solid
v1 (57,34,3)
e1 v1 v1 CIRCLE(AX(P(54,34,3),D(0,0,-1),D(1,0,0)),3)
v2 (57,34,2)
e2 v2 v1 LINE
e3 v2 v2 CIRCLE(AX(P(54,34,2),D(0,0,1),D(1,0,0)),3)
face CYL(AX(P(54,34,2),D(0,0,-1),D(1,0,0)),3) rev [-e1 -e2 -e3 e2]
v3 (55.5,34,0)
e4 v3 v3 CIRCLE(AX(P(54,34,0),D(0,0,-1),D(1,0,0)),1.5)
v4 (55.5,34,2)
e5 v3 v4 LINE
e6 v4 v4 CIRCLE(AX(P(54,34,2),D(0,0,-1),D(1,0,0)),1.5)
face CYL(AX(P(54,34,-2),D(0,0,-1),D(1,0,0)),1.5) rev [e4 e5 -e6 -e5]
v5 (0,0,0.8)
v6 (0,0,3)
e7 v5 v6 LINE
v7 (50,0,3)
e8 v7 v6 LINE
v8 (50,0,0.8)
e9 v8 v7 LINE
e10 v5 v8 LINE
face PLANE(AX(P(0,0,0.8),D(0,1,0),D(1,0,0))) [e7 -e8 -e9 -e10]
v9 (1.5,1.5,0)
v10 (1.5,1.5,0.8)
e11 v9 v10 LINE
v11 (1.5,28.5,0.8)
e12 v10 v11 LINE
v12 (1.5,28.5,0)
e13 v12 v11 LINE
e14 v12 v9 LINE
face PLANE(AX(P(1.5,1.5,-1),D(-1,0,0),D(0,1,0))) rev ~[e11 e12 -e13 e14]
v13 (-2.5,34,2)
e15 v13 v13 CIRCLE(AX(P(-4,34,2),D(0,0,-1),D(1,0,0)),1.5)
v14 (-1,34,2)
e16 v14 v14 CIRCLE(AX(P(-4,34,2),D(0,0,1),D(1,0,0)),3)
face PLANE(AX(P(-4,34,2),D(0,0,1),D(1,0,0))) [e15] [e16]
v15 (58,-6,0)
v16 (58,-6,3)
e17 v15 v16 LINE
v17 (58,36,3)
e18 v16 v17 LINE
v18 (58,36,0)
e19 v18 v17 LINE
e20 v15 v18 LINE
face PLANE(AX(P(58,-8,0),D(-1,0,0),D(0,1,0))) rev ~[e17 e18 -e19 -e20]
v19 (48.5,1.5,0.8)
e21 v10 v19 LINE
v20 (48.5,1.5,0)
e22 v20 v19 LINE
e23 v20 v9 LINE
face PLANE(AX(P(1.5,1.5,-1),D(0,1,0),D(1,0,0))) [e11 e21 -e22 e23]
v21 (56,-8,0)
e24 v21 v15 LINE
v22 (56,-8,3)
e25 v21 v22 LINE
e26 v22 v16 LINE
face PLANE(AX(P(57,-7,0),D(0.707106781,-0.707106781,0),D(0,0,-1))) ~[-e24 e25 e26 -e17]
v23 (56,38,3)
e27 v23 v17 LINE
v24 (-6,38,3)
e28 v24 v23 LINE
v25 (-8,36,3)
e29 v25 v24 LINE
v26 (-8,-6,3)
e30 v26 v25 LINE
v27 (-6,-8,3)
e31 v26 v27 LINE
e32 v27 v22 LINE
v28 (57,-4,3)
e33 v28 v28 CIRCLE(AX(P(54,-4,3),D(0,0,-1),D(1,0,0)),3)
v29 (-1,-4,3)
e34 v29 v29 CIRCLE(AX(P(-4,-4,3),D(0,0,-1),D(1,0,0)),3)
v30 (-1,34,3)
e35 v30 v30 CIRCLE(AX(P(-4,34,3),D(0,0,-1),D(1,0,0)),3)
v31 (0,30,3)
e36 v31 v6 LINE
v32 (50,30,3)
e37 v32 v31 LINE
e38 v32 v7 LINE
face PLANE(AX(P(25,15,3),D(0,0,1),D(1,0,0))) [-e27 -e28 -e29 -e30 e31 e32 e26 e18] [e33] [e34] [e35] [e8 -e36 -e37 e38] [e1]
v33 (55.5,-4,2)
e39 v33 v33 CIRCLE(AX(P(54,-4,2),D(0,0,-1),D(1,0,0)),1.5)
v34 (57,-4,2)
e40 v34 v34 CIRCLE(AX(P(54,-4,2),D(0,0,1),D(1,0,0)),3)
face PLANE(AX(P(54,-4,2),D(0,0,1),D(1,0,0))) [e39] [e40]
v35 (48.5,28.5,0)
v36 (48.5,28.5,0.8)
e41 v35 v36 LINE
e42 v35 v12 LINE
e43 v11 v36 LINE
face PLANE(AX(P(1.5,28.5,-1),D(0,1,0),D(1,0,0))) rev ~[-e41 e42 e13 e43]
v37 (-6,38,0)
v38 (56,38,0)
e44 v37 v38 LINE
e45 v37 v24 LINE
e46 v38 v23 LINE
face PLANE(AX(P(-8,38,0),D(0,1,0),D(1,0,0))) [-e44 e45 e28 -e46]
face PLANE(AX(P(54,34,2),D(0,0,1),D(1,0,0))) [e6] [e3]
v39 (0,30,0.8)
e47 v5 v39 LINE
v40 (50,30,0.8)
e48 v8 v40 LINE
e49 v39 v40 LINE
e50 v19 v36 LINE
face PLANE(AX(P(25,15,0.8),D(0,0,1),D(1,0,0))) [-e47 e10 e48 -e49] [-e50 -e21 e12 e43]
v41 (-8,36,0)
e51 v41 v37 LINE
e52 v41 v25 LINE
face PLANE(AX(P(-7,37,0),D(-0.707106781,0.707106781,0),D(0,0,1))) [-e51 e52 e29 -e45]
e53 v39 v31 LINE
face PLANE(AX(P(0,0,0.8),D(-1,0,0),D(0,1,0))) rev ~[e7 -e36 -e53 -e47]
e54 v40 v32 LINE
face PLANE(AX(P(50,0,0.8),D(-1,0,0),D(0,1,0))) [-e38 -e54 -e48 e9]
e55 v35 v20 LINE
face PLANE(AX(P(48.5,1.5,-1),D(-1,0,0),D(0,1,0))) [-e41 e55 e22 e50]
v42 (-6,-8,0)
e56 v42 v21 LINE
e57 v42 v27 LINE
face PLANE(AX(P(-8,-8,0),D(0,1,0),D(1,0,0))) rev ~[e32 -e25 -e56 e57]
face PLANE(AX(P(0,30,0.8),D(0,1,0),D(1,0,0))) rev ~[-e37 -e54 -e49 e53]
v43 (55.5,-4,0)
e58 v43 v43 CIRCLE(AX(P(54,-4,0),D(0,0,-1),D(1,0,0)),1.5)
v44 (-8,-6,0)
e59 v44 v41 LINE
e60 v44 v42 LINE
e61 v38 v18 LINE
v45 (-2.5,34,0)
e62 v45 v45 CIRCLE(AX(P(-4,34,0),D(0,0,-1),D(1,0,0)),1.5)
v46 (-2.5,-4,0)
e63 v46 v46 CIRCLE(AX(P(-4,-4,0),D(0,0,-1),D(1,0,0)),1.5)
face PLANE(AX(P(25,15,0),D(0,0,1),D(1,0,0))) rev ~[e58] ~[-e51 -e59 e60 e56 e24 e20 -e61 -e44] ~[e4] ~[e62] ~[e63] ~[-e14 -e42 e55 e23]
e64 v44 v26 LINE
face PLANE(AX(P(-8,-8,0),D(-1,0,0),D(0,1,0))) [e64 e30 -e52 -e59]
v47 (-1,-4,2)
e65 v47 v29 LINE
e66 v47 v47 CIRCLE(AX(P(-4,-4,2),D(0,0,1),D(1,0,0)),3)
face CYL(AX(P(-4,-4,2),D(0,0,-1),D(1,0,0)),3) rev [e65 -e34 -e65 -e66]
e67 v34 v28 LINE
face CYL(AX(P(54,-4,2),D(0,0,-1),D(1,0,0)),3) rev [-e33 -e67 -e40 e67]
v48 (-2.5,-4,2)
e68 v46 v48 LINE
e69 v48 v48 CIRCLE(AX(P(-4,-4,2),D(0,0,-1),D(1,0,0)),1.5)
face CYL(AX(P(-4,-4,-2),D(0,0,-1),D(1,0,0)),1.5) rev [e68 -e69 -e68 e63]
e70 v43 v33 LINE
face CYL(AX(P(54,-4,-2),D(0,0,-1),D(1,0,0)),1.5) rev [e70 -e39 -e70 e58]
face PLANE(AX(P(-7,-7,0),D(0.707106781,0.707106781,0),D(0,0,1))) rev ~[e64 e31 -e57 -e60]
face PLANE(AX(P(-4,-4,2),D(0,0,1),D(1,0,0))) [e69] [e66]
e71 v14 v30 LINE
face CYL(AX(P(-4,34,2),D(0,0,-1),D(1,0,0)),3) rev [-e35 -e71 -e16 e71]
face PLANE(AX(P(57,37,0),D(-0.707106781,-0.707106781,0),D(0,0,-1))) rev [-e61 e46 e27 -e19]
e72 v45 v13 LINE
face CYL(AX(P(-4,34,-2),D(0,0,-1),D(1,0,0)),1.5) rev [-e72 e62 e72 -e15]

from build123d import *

# Parameters (mm, degrees)
CYLINDER007_R     = 3
CYLINDER007_DEPTH = 3
CYLINDER006_R     = 3
CYLINDER006_DEPTH = 3
CYLINDER004_R     = 3
CYLINDER004_DEPTH = 3
CYLINDER005_R     = 3
CYLINDER005_DEPTH = 3
CYLINDER001_R     = 1.5
CYLINDER001_DEPTH = 10
CYLINDER002_R     = 1.5
CYLINDER002_DEPTH = 10
CYLINDER003_R     = 1.5
CYLINDER003_DEPTH = 10
CYLINDER_R        = 1.5
CYLINDER_DEPTH    = 10
BOX_W             = 50
BOX_H             = 30
BOX_DEPTH         = 3
BOX002_W          = 47
BOX002_H          = 27
BOX002_DEPTH      = 6
BOX001_W          = 66
BOX001_H          = 46
BOX001_DEPTH      = 3
CHAMFER_SIZE      = 2
CHAMFER001_SIZE   = 2


with BuildPart() as v_lec007:
    # Cylinder007 → Cylinder007 (new body)
    with BuildSketch(Plane(origin=(54, -4, -2), x_dir=(1, 0, 0), z_dir=(0, 0, 1))):
        Circle(CYLINDER007_R)
    extrude(amount=CYLINDER007_DEPTH)


with BuildPart() as v_lec006:
    # Cylinder006 → Cylinder006 (new body)
    with BuildSketch(Plane(origin=(54, 34, -2), x_dir=(1, 0, 0), z_dir=(0, 0, 1))):
        Circle(CYLINDER006_R)
    extrude(amount=CYLINDER006_DEPTH)


with BuildPart() as v_lec004:
    # Cylinder004 → Cylinder004 (new body)
    with BuildSketch(Plane(origin=(-4, -4, -2), x_dir=(1, 0, 0), z_dir=(0, 0, 1))):
        Circle(CYLINDER004_R)
    extrude(amount=CYLINDER004_DEPTH)


with BuildPart() as compound001:
    # Cylinder005 → Cylinder005 (new body)
    with BuildSketch(Plane(origin=(-4, 34, -2), x_dir=(1, 0, 0), z_dir=(0, 0, 1))):
        Circle(CYLINDER005_R)
    extrude(amount=CYLINDER005_DEPTH)

    # Compound001: union Válec007, Válec006, Válec004
    add(v_lec007.part)
    add(v_lec006.part)
    add(v_lec004.part)


with BuildPart() as compound001_1:
    # Compound001 placement: moved
    add(compound001.part.moved(Location((0, 0, 4))))


with BuildPart() as v_lec001:
    # Cylinder001 → Cylinder001 (new body)
    with BuildSketch(Plane(origin=(54, -4, -2), x_dir=(1, 0, 0), z_dir=(0, 0, 1))):
        Circle(CYLINDER001_R)
    extrude(amount=CYLINDER001_DEPTH)


with BuildPart() as v_lec002:
    # Cylinder002 → Cylinder002 (new body)
    with BuildSketch(Plane(origin=(54, 34, -2), x_dir=(1, 0, 0), z_dir=(0, 0, 1))):
        Circle(CYLINDER002_R)
    extrude(amount=CYLINDER002_DEPTH)


with BuildPart() as v_lec003:
    # Cylinder003 → Cylinder003 (new body)
    with BuildSketch(Plane(origin=(-4, -4, -2), x_dir=(1, 0, 0), z_dir=(0, 0, 1))):
        Circle(CYLINDER003_R)
    extrude(amount=CYLINDER003_DEPTH)


with BuildPart() as compound:
    # Cylinder → Cylinder (new body)
    with BuildSketch(Plane(origin=(-4, 34, -2), x_dir=(1, 0, 0), z_dir=(0, 0, 1))):
        Circle(CYLINDER_R)
    extrude(amount=CYLINDER_DEPTH)

    # Compound: union Válec001, Válec002, Válec003
    add(v_lec001.part)
    add(v_lec002.part)
    add(v_lec003.part)


with BuildPart() as krychle:
    # Box → Box (new body)
    with BuildSketch(Plane.XY.offset(0.8)):
        with Locations((25, 15)):
            Rectangle(BOX_W, BOX_H)
    extrude(amount=BOX_DEPTH)


with BuildPart() as krychle002:
    # Box002 → Box002 (new body)
    with BuildSketch(Plane(origin=(1.5, 1.5, -1), x_dir=(1, 0, 0), z_dir=(0, 0, 1))):
        with Locations((23.5, 13.5)):
            Rectangle(BOX002_W, BOX002_H)
    extrude(amount=BOX002_DEPTH)


with BuildPart() as f_220_zasuvka_drzho:
    # Box001 → Box001 (new body)
    with BuildSketch(Plane(origin=(-8, -8, 0), x_dir=(1, 0, 0), z_dir=(0, 0, 1))):
        with Locations((33, 23)):
            Rectangle(BOX001_W, BOX001_H)
    extrude(amount=BOX001_DEPTH)

    # Cut: cut Krychle002
    add(krychle002.part, mode=Mode.SUBTRACT)

    # Cut001: cut Krychle
    add(krychle.part, mode=Mode.SUBTRACT)

    # Cut002: cut Compound
    add(compound.part, mode=Mode.SUBTRACT)

    # Cut003: cut Compound001
    add(compound001_1.part, mode=Mode.SUBTRACT)

    # Chamfer
    chamfer_edges = [f_220_zasuvka_drzho.edges().sort_by_distance(p)[0] for p in [
        (-8, -8, 1.5),
        (58, -8, 1.5),
    ]]
    chamfer(chamfer_edges, length=CHAMFER_SIZE)

    # Chamfer001
    chamfer001_edges = [f_220_zasuvka_drzho.edges().sort_by_distance(p)[0] for p in [
        (-8, 38, 1.5),
        (58, 38, 1.5),
    ]]
    chamfer(chamfer001_edges, length=CHAMFER001_SIZE)


solid = f_220_zasuvka_drzho.part
